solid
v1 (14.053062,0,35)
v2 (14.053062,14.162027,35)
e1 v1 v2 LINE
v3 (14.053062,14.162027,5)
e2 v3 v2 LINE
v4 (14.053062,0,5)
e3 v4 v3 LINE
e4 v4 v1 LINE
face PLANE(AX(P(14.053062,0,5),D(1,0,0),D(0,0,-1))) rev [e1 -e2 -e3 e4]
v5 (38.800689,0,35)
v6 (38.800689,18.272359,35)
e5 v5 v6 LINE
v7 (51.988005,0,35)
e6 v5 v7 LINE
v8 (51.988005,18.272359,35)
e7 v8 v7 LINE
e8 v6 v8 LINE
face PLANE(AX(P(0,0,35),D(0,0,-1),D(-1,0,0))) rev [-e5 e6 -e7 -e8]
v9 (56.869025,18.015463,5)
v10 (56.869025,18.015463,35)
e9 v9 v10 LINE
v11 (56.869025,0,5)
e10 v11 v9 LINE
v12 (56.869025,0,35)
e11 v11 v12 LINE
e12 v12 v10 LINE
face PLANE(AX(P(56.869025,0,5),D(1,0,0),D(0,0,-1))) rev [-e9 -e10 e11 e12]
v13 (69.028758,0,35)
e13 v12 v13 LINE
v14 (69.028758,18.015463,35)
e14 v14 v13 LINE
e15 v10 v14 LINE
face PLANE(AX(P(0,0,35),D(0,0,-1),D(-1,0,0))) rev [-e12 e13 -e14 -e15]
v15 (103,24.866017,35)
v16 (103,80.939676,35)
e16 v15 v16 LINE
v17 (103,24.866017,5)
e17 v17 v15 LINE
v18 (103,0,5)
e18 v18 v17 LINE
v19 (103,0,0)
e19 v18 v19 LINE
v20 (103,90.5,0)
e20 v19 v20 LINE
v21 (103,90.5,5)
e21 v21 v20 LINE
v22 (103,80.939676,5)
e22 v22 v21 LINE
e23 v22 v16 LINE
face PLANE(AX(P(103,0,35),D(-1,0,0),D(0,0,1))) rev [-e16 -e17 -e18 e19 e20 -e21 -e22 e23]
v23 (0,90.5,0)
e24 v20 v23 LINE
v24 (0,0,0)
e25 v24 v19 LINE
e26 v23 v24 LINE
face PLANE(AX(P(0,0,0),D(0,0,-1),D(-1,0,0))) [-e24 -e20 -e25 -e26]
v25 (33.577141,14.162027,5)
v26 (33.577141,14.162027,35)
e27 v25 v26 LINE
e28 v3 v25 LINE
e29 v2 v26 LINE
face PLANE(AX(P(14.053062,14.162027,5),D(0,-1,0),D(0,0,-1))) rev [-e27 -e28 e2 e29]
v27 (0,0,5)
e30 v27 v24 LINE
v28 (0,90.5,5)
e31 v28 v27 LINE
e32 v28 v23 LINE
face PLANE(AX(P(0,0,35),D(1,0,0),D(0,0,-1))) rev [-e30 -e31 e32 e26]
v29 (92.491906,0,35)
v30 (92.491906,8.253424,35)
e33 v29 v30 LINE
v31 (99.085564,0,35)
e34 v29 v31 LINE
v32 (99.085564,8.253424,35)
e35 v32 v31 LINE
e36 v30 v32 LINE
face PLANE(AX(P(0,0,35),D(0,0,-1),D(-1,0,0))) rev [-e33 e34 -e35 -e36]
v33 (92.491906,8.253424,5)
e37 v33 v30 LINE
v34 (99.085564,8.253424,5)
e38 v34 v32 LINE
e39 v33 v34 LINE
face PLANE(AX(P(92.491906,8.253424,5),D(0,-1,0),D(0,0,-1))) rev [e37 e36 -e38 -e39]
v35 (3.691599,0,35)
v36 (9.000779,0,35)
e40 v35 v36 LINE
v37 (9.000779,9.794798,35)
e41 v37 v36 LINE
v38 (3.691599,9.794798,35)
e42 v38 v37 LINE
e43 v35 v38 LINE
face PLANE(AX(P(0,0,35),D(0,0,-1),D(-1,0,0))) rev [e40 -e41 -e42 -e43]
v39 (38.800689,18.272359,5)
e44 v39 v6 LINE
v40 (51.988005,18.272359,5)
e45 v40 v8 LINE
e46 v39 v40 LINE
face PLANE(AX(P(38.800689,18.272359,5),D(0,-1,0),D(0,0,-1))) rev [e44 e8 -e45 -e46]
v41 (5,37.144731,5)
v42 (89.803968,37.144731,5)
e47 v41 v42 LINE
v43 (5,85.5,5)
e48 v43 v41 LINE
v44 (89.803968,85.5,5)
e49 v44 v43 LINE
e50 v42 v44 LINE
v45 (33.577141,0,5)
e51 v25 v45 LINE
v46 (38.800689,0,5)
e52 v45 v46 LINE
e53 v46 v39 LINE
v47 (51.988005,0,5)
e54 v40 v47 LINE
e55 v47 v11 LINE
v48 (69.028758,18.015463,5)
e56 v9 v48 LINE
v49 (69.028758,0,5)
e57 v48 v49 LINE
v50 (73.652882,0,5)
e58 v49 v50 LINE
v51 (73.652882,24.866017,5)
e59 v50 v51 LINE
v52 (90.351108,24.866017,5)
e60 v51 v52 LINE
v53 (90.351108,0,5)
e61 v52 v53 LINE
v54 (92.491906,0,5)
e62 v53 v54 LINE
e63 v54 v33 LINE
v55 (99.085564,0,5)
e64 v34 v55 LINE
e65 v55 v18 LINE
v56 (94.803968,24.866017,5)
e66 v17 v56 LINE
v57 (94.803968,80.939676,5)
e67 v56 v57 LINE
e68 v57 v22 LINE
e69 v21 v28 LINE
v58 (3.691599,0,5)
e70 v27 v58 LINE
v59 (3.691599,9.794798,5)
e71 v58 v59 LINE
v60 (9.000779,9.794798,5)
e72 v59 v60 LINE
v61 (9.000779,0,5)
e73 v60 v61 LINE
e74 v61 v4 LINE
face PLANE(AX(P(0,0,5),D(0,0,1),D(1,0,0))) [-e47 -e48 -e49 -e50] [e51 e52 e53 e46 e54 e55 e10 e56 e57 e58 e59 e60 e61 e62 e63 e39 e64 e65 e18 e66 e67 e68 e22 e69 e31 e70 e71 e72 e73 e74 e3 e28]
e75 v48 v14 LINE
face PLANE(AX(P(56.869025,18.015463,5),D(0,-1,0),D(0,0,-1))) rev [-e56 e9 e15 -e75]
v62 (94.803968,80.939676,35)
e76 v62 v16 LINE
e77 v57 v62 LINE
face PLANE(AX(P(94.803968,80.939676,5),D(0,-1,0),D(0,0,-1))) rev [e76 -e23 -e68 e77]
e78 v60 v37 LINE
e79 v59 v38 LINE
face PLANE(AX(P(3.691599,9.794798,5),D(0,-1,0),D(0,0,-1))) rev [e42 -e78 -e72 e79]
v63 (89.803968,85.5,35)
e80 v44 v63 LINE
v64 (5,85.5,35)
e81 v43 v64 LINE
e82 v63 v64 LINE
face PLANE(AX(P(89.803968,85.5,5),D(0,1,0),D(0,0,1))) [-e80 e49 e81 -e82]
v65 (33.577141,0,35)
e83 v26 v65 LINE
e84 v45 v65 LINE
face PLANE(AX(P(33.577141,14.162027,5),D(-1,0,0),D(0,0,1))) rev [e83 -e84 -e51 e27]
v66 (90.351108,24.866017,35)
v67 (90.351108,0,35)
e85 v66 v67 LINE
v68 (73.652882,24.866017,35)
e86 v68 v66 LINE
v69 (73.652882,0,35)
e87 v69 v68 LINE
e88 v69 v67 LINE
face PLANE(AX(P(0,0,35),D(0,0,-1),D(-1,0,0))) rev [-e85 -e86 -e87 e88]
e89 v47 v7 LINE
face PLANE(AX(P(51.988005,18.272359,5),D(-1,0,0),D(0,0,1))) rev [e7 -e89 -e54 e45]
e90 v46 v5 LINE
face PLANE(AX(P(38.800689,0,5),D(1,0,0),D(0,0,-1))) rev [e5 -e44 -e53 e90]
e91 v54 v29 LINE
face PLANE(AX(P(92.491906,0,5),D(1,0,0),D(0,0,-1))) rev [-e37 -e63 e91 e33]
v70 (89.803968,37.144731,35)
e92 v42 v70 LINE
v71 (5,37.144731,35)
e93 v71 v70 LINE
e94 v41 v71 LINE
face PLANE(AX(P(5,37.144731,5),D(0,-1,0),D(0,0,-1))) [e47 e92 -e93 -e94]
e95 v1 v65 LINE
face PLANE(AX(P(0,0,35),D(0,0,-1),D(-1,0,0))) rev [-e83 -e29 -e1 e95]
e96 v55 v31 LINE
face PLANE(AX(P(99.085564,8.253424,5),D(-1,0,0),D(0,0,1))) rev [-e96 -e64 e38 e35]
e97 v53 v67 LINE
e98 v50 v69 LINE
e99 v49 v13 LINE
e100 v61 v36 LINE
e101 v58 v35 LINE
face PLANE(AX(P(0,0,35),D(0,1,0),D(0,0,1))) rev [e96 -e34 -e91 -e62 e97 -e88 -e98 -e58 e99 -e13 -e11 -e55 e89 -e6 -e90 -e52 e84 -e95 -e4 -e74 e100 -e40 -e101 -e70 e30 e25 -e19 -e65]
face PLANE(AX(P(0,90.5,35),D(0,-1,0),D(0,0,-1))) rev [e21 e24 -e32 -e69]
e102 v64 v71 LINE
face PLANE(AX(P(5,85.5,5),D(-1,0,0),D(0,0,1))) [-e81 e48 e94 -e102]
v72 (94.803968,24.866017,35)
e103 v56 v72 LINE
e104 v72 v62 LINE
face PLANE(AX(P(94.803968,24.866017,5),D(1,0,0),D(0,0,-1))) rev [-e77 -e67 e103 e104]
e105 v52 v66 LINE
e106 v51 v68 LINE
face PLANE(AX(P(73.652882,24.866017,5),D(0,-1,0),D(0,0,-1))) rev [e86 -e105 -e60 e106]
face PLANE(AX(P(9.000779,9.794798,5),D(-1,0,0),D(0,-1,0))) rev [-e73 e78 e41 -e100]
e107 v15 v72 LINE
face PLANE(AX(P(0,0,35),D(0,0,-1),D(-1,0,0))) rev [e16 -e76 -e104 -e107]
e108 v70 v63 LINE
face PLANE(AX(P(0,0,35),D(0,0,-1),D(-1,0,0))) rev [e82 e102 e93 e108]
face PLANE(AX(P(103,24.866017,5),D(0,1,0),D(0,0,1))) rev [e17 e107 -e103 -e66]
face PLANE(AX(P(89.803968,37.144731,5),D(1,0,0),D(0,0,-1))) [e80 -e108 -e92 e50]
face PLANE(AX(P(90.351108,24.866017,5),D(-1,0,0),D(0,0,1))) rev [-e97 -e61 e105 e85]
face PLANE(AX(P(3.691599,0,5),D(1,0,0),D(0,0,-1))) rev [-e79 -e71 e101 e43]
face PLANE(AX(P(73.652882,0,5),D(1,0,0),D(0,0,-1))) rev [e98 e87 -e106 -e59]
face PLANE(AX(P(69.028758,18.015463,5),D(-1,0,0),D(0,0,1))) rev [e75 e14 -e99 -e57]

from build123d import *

# Parameters (mm, degrees)
SKETCH_1_W          = 103
SKETCH_1_H          = 90.5
EXTRUDE_1_DEPTH     = 35
CUT_EXTRUDE_1_DEPTH = 30
SKETCH_3_W          = 84.803967954
SKETCH_3_H          = 48.355269134
CUT_EXTRUDE_2_DEPTH = 30


with BuildPart() as part:
    # 草图1 → 凸台-拉伸1 (new body)
    with BuildSketch(Plane.XY):
        with Locations((51.5, 45.25)):
            Rectangle(SKETCH_1_W, SKETCH_1_H)
    extrude(amount=EXTRUDE_1_DEPTH)

    # 草图2 → 切除-拉伸1 (cut)
    with BuildSketch(Plane.XY.offset(35)):
        Polygon((0, 32.144730866), (0, 0), (3.691599488, 0), (3.691599488, 9.794798376), (9.000778853, 9.794798376), (9.000778853, 0), (14.053062443, 0), (14.053062443, 14.162026564), (33.5771414, 14.162026564), (33.5771414, 0), (38.80068884, 0), (38.80068884, 18.272358976), (51.988005329, 18.272358976), (51.988005329, 0), (56.869025068, 0), (56.869025068, 18.0154632), (69.028758454, 18.0154632), (69.028758454, 0), (73.652882417, 0), (73.652882417, 24.86601722), (90.351107841, 24.86601722), (90.351107841, 0), (92.491905972, 0), (92.491905972, 8.253423721), (99.085564217, 8.253423721), (99.085564217, 0), (103, 0), (103, 24.86601722), (94.803967954, 24.86601722), (94.803967954, 32.144730866), align=None)
    extrude(amount=-CUT_EXTRUDE_1_DEPTH, mode=Mode.SUBTRACT)

    # 草图3 → 切除-拉伸2 (cut)
    with BuildSketch(Plane.XY.offset(35)):
        Polygon((0, 90.5), (0, 32.144730866), (94.803967954, 32.144730866), (94.803967954, 80.939676354), (103, 80.939676354), (103, 90.5), align=None)
        with Locations((47.401983977, 61.322365433)):
            Rectangle(SKETCH_3_W, SKETCH_3_H, mode=Mode.SUBTRACT)
    extrude(amount=-CUT_EXTRUDE_2_DEPTH, mode=Mode.SUBTRACT)


solid = part.part
